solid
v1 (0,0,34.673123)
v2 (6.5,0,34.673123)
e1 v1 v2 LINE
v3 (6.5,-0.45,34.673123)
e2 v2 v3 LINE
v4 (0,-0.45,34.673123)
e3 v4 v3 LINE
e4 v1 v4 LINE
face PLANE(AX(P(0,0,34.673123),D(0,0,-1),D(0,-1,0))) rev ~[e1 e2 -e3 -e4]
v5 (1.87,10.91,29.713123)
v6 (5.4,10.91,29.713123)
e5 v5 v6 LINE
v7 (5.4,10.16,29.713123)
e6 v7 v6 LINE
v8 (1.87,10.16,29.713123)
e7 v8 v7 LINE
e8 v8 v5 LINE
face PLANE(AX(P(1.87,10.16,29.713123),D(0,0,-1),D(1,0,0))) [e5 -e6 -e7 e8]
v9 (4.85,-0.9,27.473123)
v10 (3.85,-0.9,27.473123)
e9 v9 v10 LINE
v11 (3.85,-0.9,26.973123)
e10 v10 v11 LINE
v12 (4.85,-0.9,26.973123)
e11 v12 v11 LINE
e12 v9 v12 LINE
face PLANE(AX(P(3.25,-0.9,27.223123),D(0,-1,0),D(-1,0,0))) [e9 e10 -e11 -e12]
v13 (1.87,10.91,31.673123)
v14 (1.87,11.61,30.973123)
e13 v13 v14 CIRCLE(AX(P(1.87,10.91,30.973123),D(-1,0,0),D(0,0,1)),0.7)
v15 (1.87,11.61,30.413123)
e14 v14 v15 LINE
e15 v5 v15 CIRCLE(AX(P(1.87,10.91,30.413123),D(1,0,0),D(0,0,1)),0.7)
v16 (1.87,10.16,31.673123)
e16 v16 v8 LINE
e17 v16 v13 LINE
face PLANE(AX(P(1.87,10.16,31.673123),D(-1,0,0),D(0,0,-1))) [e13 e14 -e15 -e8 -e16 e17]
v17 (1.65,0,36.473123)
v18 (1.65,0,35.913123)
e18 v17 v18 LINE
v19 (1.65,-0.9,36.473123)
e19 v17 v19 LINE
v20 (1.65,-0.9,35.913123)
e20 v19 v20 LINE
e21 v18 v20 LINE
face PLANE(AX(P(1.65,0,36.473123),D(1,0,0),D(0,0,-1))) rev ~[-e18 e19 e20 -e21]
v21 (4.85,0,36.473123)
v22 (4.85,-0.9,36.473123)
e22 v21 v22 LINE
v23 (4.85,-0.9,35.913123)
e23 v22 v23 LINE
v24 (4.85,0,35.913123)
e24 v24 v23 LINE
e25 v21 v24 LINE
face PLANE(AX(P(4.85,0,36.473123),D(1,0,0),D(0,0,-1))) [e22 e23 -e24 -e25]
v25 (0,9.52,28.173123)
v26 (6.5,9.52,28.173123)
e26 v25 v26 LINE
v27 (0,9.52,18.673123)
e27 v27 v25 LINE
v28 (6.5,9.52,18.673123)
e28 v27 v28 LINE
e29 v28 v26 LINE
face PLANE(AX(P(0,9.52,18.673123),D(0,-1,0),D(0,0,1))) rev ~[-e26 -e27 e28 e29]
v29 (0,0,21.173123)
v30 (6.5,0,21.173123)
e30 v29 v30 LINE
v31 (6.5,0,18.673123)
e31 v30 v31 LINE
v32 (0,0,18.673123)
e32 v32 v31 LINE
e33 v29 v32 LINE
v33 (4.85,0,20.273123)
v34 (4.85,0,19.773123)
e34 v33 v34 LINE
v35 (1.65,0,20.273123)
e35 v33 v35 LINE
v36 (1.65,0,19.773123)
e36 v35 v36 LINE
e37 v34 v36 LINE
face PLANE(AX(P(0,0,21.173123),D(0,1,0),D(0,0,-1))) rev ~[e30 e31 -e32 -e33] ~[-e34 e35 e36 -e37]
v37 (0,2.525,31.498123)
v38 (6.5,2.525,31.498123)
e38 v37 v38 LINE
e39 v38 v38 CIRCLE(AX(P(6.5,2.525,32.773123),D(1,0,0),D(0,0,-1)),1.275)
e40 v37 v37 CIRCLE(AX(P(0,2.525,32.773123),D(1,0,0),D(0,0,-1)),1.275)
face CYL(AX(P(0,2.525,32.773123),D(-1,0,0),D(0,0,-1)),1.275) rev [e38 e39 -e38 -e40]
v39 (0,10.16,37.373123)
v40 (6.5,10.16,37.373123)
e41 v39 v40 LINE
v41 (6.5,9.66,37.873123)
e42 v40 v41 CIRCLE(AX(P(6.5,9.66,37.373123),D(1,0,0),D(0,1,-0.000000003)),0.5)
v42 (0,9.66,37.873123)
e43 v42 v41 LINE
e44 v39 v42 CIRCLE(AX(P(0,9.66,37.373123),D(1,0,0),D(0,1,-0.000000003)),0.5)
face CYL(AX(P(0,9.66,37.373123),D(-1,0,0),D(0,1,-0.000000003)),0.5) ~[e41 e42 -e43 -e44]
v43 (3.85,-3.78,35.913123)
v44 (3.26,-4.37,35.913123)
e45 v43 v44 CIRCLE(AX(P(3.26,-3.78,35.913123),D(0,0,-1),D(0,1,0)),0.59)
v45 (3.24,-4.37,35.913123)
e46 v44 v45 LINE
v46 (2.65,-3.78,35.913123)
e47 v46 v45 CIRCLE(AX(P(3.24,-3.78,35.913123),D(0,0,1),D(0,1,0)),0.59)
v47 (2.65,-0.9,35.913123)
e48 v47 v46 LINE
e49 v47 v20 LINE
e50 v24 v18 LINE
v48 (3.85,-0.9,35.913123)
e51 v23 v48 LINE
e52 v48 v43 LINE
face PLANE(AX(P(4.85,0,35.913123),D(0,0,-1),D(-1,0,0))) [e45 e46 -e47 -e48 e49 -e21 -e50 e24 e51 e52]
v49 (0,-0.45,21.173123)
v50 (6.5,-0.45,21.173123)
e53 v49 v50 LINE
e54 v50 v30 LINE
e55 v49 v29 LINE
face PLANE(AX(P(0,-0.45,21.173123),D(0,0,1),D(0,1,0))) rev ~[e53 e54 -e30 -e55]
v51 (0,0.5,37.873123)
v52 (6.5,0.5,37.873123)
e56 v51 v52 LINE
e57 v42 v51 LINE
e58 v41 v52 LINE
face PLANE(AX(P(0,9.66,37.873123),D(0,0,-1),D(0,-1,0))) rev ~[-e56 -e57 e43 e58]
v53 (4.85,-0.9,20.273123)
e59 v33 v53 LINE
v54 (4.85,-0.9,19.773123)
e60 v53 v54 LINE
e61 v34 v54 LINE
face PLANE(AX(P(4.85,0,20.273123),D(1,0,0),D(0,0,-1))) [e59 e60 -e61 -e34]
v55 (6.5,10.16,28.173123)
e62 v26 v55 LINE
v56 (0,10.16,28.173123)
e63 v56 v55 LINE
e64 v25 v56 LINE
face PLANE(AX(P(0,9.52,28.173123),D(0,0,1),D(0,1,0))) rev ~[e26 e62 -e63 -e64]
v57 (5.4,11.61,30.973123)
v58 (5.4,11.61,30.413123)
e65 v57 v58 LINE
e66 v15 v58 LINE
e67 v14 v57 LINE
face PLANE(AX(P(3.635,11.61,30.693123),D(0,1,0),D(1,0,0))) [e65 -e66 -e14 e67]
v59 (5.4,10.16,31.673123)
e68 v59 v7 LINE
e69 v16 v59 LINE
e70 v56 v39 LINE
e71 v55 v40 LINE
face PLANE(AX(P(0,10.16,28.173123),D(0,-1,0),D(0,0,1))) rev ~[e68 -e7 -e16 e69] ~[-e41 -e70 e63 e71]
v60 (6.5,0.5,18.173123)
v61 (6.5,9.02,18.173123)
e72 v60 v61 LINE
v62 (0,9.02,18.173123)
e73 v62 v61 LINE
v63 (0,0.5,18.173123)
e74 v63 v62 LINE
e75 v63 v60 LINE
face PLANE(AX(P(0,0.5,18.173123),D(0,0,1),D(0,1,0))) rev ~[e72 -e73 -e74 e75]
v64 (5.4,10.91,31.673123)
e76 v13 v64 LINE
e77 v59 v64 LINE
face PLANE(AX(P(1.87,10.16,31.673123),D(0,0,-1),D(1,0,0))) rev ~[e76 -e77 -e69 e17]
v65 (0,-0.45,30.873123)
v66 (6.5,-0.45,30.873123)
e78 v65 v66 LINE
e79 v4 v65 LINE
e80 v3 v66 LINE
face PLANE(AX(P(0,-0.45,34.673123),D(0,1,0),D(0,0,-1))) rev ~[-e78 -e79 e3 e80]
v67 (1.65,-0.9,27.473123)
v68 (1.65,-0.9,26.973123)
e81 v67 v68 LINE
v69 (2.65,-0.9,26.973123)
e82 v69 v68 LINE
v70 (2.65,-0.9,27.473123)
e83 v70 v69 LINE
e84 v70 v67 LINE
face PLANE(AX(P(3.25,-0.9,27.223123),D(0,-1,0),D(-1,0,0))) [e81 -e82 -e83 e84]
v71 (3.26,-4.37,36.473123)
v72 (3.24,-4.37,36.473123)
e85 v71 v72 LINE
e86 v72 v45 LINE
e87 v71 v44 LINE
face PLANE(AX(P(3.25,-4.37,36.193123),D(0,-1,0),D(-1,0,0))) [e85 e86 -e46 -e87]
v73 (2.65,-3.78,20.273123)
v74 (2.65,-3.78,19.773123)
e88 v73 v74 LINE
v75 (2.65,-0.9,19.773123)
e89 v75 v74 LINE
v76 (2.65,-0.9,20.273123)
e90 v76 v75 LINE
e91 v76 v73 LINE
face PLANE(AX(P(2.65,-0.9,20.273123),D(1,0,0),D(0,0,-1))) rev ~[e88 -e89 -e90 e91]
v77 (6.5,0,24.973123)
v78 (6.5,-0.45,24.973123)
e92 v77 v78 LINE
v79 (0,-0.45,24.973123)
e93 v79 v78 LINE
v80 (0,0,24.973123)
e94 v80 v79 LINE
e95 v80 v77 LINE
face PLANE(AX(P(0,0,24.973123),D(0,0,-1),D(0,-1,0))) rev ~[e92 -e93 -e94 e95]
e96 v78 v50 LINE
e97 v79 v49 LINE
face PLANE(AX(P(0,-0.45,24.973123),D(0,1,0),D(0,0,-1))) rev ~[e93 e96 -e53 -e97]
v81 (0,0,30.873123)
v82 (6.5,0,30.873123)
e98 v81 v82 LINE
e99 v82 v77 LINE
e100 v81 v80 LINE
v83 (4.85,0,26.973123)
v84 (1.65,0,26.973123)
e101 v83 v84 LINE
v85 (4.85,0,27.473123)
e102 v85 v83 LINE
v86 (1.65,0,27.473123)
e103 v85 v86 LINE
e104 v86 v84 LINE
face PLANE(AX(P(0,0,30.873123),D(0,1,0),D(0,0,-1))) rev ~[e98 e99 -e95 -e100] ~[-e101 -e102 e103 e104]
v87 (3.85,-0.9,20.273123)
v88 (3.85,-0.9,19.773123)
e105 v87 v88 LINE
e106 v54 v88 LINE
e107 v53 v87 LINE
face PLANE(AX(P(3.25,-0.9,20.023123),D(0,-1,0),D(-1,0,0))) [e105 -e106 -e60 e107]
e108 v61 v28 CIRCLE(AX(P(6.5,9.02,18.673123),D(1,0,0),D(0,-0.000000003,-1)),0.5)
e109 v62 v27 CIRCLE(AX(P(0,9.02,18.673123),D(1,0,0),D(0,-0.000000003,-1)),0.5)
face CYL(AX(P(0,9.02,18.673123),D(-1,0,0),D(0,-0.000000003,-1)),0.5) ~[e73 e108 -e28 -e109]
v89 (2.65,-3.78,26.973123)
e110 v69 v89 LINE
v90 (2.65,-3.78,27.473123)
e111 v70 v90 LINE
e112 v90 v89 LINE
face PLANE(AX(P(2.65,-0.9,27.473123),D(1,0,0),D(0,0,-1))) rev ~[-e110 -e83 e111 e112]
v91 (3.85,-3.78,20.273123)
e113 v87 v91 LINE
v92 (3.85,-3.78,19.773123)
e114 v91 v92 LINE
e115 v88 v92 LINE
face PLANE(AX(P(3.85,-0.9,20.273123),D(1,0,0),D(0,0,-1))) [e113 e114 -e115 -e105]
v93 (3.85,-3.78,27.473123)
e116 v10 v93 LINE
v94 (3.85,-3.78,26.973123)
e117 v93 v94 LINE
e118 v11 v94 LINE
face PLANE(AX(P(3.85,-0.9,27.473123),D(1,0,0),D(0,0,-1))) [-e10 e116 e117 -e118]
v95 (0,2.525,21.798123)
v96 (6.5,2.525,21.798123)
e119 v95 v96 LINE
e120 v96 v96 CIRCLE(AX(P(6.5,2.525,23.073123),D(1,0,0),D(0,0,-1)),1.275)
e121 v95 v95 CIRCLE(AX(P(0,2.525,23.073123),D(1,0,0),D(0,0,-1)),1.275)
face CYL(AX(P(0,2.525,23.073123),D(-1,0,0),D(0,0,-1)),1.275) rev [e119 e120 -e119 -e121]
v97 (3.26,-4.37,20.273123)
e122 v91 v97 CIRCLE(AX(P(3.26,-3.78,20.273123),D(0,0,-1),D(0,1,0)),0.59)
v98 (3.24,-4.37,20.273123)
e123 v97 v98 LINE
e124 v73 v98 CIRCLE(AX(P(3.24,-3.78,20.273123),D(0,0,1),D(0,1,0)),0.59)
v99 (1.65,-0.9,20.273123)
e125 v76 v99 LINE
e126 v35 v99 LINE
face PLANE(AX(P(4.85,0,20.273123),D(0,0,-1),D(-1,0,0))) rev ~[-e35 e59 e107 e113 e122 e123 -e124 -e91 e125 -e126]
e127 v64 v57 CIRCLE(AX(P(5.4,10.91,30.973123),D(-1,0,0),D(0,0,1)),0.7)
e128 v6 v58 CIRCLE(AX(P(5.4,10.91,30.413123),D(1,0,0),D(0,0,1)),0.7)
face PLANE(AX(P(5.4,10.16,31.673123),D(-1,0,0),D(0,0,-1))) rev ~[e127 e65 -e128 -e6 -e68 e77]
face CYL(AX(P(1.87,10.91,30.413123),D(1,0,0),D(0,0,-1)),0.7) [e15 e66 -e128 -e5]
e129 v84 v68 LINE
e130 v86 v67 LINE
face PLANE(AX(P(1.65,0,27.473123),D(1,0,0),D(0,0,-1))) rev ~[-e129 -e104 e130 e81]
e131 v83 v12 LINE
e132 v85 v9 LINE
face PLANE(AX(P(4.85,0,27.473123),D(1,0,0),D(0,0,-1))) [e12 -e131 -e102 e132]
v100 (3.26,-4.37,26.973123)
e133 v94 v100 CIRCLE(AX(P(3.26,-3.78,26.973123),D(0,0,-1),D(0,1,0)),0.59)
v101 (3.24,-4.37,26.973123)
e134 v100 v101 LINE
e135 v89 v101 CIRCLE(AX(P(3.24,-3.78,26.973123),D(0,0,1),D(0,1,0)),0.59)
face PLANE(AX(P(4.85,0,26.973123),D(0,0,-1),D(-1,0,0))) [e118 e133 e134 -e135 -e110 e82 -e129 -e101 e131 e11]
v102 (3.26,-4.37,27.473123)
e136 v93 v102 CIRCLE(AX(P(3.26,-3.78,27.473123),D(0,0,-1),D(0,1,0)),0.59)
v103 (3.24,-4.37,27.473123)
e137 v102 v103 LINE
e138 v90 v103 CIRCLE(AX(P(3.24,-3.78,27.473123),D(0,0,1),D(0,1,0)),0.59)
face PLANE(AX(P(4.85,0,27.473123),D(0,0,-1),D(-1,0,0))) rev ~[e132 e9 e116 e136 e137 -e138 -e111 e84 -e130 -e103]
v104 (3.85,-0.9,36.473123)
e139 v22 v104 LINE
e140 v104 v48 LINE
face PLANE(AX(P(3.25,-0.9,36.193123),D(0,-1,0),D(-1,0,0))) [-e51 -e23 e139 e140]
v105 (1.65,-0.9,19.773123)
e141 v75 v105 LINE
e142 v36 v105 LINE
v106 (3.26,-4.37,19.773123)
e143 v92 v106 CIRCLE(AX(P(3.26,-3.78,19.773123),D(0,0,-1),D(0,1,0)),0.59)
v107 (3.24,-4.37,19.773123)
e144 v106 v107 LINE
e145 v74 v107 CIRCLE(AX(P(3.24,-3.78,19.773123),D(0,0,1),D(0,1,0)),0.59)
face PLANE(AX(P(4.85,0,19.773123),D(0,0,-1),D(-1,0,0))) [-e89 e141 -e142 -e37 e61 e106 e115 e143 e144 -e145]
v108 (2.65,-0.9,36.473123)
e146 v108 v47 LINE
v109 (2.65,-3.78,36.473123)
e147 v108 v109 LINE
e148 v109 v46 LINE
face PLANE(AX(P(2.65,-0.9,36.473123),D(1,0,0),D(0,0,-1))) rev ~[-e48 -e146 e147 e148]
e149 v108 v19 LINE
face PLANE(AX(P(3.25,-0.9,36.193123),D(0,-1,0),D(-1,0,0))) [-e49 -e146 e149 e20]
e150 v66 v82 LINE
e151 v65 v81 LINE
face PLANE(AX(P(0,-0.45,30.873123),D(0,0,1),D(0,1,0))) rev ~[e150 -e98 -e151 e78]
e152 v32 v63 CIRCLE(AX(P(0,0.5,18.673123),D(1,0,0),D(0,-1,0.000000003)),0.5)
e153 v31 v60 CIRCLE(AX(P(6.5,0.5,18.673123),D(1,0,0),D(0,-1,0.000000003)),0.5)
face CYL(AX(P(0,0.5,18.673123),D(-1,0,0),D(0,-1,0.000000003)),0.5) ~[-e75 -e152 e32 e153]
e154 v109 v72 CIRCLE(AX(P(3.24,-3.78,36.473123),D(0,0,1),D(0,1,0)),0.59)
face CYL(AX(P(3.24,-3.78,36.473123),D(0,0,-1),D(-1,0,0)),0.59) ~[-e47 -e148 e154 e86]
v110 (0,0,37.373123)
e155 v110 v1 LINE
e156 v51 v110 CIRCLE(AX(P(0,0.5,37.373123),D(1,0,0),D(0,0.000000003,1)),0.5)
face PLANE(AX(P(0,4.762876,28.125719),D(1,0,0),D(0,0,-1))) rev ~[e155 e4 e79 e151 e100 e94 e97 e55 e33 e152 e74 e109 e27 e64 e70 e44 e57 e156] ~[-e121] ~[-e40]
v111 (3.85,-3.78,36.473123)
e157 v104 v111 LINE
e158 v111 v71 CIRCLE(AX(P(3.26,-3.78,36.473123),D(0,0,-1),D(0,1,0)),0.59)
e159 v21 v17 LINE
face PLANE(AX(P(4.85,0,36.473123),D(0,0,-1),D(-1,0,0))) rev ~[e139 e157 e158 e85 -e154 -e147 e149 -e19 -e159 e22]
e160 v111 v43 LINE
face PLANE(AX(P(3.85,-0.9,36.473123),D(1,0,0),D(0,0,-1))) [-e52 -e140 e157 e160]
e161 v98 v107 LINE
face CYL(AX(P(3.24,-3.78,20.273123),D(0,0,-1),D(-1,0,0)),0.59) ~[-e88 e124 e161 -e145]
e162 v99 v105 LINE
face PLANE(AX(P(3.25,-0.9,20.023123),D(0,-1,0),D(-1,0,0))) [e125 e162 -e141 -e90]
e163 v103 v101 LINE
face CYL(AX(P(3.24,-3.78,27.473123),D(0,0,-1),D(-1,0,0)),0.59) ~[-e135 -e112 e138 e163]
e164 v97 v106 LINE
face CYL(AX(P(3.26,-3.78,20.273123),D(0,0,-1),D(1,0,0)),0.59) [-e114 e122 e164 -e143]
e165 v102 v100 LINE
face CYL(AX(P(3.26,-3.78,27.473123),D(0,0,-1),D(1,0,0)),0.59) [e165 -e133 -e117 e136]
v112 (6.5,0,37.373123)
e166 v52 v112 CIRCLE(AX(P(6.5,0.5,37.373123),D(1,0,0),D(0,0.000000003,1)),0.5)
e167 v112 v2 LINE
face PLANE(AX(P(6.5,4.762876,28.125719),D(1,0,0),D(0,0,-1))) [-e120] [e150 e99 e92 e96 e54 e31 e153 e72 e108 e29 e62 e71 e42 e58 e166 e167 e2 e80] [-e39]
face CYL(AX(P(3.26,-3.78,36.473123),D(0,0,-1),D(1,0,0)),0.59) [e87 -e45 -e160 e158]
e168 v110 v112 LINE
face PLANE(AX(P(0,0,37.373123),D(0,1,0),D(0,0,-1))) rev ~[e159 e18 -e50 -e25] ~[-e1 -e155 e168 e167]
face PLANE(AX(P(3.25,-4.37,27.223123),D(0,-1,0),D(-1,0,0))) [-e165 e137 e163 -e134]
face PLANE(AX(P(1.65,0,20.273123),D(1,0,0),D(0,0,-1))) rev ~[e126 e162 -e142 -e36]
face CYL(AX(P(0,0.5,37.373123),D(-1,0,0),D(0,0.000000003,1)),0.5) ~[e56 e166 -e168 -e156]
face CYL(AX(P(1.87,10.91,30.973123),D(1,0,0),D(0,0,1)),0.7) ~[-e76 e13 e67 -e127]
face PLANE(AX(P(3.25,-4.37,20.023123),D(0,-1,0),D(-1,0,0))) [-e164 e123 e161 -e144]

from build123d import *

# Parameters (mm, degrees)
SKETCH1_R           = 1.275
BOSS_EXTRUDE1_DEPTH = 6.5
SKETCH2_W           = 3.53
SKETCH2_H           = 1.96
BOSS_EXTRUDE2_DEPTH = 1.45
FILLET1_R           = 0.7
SKETCH3_W           = 3.2
SKETCH3_H           = 0.56
SKETCH3_H_2         = 0.5
BOSS_EXTRUDE3_DEPTH = 0.9
SKETCH4_W           = 1.2
SKETCH4_H           = 0.56
SKETCH4_H_2         = 0.5
BOSS_EXTRUDE4_DEPTH = 3.47
FILLET2_R           = 0.59


with BuildPart() as part:
    # Sketch1 → Boss-Extrude1 (new body)
    with BuildSketch(Plane(origin=(0, 0, 0), x_dir=(0, 0, -1), z_dir=(1, 0, 0))):
        with BuildLine():
            Line((-37.373122581, 0), (-34.673122581, 0))
            Line((-34.673122581, 0), (-34.673122581, -0.45))
            Line((-34.673122581, -0.45), (-30.873122581, -0.45))
            Line((-30.873122581, -0.45), (-30.873122581, 0))
            Line((-30.873122581, 0), (-24.973122581, 0))
            Line((-24.973122581, 0), (-24.973122581, -0.45))
            Line((-24.973122581, -0.45), (-21.173122581, -0.45))
            Line((-21.173122581, -0.45), (-21.173122581, 0))
            Line((-21.173122581, 0), (-18.673122581, 0))
            ThreePointArc((-18.673122581, 0), (-18.31956919, 0.146446609), (-18.173122581, 0.5))
            Line((-18.173122581, 0.5), (-18.173122581, 9.02))
            ThreePointArc((-18.173122581, 9.02), (-18.31956919, 9.373553391), (-18.673122581, 9.52))
            Line((-18.673122581, 9.52), (-28.173122581, 9.52))
            Line((-28.173122581, 9.52), (-28.173122581, 10.16))
            Line((-28.173122581, 10.16), (-37.373122581, 10.16))
            ThreePointArc((-37.373122581, 10.16), (-37.726675972, 10.013553391), (-37.873122581, 9.66))
            Line((-37.873122581, 9.66), (-37.873122581, 0.5))
            ThreePointArc((-37.873122581, 0.5), (-37.726675972, 0.146446609), (-37.373122581, 0))
        make_face()
        with Locations((-32.773122581, 2.525)):
            Circle(SKETCH1_R, mode=Mode.SUBTRACT)
        with Locations((-23.073122581, 2.525)):
            Circle(SKETCH1_R, mode=Mode.SUBTRACT)
    extrude(amount=BOSS_EXTRUDE1_DEPTH)

    # Sketch2 → Boss-Extrude2 (add)
    with BuildSketch(Plane(origin=(0, 10.16, 0), x_dir=(1, 0, 0), z_dir=(0, 1, 0))):
        with Locations((3.635, -30.693122581)):
            Rectangle(SKETCH2_W, SKETCH2_H)
    extrude(amount=BOSS_EXTRUDE2_DEPTH)

    # Fillet1
    fillet1_edges = [part.edges().sort_by_distance(p)[0] for p in [
        (3.635, 11.61, 31.673122581),
        (3.635, 11.61, 29.713122581),
    ]]
    fillet(fillet1_edges, radius=FILLET1_R)

    # Sketch3 → Boss-Extrude3 (add)
    with BuildSketch(Plane(origin=(0, 0, 0), x_dir=(-1, 0, 0), z_dir=(0, -1, 0))):
        with Locations((-3.25, -36.193122581)):
            Rectangle(SKETCH3_W, SKETCH3_H)
        with Locations((-3.25, -27.223122581)):
            Rectangle(SKETCH3_W, SKETCH3_H_2)
        with Locations((-3.25, -20.023122581)):
            Rectangle(SKETCH3_W, SKETCH3_H_2)
    extrude(amount=BOSS_EXTRUDE3_DEPTH)

    # Sketch4 → Boss-Extrude4 (add)
    with BuildSketch(Plane(origin=(0, -0.9, 0), x_dir=(-1, 0, 0), z_dir=(0, -1, 0))):
        with Locations((-3.25, -36.193122581)):
            Rectangle(SKETCH4_W, SKETCH4_H)
        with Locations((-3.25, -27.223122581)):
            Rectangle(SKETCH4_W, SKETCH4_H_2)
        with Locations((-3.25, -20.023122581)):
            Rectangle(SKETCH4_W, SKETCH4_H_2)
    extrude(amount=BOSS_EXTRUDE4_DEPTH)

    # Fillet2
    fillet2_edges = [part.edges().sort_by_distance(p)[0] for p in [
        (2.65, -4.37, 36.193122581),
        (3.85, -4.37, 36.193122581),
        (2.65, -4.37, 27.223122581),
        (3.85, -4.37, 27.223122581),
        (3.85, -4.37, 20.023122581),
        (2.65, -4.37, 20.023122581),
    ]]
    fillet(fillet2_edges, radius=FILLET2_R)


solid = part.part
